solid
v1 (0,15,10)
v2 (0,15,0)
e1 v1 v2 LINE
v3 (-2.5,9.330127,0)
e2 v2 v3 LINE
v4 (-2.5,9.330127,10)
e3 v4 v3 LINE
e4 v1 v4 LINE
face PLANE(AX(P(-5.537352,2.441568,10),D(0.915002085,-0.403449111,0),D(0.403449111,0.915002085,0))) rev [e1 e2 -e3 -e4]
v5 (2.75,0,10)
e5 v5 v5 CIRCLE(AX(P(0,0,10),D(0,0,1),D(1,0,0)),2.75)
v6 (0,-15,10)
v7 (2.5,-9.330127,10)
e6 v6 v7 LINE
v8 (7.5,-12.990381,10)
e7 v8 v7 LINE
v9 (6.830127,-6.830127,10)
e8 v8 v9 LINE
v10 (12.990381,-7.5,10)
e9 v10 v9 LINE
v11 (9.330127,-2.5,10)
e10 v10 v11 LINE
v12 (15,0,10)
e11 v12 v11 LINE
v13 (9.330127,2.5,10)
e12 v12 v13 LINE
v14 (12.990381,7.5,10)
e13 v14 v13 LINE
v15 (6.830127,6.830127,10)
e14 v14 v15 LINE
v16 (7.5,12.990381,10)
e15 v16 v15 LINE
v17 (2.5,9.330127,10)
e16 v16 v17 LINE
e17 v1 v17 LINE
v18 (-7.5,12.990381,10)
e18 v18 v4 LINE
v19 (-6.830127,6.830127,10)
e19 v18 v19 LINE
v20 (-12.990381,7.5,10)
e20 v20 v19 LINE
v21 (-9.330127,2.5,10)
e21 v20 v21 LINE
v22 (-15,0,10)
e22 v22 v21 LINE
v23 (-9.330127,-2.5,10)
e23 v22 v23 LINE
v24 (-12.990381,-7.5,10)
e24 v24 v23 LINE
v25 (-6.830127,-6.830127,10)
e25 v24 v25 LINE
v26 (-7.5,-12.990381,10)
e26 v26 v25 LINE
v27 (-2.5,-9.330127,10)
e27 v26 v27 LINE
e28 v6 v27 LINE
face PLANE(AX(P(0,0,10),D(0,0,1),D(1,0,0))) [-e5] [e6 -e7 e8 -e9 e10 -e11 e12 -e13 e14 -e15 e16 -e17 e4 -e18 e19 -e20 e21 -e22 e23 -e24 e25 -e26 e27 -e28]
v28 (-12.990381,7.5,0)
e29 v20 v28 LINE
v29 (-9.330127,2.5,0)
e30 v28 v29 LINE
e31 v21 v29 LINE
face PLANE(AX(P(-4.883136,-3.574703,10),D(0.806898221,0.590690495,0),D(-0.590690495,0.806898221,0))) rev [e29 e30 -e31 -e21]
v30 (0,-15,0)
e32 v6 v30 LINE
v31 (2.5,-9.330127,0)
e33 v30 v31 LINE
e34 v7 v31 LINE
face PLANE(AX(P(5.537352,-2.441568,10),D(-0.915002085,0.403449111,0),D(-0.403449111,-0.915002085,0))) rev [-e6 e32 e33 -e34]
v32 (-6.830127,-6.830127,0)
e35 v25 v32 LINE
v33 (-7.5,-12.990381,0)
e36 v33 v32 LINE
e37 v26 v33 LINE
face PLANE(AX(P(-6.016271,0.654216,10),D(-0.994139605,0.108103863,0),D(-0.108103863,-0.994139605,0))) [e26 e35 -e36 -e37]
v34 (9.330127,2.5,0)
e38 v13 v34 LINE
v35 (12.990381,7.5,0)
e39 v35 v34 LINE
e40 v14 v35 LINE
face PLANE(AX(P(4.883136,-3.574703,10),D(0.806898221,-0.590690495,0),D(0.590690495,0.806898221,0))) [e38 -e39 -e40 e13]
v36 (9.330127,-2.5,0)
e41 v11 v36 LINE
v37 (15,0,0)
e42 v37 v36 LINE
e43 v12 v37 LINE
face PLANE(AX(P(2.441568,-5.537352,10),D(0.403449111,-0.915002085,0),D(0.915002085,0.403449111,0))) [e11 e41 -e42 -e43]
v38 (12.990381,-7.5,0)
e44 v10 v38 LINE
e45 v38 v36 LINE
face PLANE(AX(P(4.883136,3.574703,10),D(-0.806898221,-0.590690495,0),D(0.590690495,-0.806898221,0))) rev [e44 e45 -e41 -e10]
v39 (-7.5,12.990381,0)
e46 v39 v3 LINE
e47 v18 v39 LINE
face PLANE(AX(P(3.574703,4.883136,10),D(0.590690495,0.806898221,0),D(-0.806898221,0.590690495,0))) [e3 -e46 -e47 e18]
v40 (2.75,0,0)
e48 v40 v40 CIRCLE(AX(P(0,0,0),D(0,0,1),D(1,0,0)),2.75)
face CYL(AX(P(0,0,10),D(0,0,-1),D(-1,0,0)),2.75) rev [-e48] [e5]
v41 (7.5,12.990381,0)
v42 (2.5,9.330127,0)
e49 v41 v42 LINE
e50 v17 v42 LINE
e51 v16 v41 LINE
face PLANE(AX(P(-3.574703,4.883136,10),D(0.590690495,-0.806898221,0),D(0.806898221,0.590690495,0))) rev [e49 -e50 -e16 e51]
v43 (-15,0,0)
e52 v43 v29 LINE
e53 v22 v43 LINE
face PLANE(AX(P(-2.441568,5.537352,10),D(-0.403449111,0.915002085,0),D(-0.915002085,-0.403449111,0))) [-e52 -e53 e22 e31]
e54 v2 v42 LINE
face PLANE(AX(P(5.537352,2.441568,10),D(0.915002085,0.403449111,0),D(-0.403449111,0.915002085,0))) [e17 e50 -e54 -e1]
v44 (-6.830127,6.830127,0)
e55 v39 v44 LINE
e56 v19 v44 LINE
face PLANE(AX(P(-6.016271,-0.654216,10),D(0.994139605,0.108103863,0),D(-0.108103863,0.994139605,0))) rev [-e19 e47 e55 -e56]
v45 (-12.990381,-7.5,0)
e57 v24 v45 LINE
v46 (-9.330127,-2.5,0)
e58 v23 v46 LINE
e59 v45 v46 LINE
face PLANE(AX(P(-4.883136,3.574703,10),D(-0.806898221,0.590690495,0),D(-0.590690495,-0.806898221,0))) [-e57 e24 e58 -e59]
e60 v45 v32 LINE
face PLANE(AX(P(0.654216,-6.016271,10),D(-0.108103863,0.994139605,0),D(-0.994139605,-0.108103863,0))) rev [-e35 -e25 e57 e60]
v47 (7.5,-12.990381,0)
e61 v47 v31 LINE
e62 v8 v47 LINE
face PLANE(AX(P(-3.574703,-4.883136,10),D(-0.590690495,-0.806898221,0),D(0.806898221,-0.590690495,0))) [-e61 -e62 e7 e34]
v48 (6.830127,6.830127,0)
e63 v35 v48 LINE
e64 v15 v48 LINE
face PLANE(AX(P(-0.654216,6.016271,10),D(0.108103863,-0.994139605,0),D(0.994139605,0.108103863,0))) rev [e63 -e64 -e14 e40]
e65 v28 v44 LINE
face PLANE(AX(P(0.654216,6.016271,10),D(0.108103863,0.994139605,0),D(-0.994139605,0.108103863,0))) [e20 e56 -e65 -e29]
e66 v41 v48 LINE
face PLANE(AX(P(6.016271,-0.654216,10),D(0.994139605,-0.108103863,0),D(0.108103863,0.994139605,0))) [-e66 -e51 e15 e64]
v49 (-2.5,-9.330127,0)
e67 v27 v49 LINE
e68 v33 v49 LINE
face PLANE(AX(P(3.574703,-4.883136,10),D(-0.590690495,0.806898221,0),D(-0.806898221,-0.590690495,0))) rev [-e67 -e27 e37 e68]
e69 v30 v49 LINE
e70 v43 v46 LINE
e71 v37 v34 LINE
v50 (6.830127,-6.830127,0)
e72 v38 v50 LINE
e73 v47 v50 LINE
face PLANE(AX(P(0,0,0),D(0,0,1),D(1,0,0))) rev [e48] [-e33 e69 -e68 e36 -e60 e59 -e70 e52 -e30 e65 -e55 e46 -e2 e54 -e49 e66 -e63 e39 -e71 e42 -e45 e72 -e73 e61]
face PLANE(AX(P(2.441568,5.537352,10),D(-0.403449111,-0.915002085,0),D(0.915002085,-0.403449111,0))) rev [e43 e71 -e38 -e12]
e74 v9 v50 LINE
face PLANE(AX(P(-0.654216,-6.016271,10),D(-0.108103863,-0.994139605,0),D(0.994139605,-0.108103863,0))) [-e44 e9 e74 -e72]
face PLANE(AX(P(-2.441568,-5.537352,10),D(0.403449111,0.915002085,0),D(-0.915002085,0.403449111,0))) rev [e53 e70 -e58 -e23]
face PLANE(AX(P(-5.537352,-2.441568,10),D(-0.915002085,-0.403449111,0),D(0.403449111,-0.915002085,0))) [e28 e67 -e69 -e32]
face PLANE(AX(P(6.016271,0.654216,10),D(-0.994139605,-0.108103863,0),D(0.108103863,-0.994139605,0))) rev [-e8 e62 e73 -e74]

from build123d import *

# Parameters (mm, degrees)
SKETCH1_R           = 2.75
BOSS_EXTRUDE1_DEPTH = 10


with BuildPart() as part:
    # Sketch1 → Boss-Extrude1 (new body)
    with BuildSketch(Plane.XY):
        Polygon((7.5, -12.990381057), (2.5, -9.330127019), (0, -15), (-2.5, -9.330127019), (-7.5, -12.990381057), (-6.830127019, -6.830127019), (-12.990381057, -7.5), (-9.330127019, -2.5), (-15, 0), (-9.330127019, 2.5), (-12.990381057, 7.5), (-6.830127019, 6.830127019), (-7.5, 12.990381057), (-2.5, 9.330127019), (0, 15), (2.5, 9.330127019), (7.5, 12.990381057), (6.830127019, 6.830127019), (12.990381057, 7.5), (9.330127019, 2.5), (15, 0), (9.330127019, -2.5), (12.990381057, -7.5), (6.830127019, -6.830127019), align=None)
        Circle(SKETCH1_R, mode=Mode.SUBTRACT)
    extrude(amount=BOSS_EXTRUDE1_DEPTH)


solid = part.part
